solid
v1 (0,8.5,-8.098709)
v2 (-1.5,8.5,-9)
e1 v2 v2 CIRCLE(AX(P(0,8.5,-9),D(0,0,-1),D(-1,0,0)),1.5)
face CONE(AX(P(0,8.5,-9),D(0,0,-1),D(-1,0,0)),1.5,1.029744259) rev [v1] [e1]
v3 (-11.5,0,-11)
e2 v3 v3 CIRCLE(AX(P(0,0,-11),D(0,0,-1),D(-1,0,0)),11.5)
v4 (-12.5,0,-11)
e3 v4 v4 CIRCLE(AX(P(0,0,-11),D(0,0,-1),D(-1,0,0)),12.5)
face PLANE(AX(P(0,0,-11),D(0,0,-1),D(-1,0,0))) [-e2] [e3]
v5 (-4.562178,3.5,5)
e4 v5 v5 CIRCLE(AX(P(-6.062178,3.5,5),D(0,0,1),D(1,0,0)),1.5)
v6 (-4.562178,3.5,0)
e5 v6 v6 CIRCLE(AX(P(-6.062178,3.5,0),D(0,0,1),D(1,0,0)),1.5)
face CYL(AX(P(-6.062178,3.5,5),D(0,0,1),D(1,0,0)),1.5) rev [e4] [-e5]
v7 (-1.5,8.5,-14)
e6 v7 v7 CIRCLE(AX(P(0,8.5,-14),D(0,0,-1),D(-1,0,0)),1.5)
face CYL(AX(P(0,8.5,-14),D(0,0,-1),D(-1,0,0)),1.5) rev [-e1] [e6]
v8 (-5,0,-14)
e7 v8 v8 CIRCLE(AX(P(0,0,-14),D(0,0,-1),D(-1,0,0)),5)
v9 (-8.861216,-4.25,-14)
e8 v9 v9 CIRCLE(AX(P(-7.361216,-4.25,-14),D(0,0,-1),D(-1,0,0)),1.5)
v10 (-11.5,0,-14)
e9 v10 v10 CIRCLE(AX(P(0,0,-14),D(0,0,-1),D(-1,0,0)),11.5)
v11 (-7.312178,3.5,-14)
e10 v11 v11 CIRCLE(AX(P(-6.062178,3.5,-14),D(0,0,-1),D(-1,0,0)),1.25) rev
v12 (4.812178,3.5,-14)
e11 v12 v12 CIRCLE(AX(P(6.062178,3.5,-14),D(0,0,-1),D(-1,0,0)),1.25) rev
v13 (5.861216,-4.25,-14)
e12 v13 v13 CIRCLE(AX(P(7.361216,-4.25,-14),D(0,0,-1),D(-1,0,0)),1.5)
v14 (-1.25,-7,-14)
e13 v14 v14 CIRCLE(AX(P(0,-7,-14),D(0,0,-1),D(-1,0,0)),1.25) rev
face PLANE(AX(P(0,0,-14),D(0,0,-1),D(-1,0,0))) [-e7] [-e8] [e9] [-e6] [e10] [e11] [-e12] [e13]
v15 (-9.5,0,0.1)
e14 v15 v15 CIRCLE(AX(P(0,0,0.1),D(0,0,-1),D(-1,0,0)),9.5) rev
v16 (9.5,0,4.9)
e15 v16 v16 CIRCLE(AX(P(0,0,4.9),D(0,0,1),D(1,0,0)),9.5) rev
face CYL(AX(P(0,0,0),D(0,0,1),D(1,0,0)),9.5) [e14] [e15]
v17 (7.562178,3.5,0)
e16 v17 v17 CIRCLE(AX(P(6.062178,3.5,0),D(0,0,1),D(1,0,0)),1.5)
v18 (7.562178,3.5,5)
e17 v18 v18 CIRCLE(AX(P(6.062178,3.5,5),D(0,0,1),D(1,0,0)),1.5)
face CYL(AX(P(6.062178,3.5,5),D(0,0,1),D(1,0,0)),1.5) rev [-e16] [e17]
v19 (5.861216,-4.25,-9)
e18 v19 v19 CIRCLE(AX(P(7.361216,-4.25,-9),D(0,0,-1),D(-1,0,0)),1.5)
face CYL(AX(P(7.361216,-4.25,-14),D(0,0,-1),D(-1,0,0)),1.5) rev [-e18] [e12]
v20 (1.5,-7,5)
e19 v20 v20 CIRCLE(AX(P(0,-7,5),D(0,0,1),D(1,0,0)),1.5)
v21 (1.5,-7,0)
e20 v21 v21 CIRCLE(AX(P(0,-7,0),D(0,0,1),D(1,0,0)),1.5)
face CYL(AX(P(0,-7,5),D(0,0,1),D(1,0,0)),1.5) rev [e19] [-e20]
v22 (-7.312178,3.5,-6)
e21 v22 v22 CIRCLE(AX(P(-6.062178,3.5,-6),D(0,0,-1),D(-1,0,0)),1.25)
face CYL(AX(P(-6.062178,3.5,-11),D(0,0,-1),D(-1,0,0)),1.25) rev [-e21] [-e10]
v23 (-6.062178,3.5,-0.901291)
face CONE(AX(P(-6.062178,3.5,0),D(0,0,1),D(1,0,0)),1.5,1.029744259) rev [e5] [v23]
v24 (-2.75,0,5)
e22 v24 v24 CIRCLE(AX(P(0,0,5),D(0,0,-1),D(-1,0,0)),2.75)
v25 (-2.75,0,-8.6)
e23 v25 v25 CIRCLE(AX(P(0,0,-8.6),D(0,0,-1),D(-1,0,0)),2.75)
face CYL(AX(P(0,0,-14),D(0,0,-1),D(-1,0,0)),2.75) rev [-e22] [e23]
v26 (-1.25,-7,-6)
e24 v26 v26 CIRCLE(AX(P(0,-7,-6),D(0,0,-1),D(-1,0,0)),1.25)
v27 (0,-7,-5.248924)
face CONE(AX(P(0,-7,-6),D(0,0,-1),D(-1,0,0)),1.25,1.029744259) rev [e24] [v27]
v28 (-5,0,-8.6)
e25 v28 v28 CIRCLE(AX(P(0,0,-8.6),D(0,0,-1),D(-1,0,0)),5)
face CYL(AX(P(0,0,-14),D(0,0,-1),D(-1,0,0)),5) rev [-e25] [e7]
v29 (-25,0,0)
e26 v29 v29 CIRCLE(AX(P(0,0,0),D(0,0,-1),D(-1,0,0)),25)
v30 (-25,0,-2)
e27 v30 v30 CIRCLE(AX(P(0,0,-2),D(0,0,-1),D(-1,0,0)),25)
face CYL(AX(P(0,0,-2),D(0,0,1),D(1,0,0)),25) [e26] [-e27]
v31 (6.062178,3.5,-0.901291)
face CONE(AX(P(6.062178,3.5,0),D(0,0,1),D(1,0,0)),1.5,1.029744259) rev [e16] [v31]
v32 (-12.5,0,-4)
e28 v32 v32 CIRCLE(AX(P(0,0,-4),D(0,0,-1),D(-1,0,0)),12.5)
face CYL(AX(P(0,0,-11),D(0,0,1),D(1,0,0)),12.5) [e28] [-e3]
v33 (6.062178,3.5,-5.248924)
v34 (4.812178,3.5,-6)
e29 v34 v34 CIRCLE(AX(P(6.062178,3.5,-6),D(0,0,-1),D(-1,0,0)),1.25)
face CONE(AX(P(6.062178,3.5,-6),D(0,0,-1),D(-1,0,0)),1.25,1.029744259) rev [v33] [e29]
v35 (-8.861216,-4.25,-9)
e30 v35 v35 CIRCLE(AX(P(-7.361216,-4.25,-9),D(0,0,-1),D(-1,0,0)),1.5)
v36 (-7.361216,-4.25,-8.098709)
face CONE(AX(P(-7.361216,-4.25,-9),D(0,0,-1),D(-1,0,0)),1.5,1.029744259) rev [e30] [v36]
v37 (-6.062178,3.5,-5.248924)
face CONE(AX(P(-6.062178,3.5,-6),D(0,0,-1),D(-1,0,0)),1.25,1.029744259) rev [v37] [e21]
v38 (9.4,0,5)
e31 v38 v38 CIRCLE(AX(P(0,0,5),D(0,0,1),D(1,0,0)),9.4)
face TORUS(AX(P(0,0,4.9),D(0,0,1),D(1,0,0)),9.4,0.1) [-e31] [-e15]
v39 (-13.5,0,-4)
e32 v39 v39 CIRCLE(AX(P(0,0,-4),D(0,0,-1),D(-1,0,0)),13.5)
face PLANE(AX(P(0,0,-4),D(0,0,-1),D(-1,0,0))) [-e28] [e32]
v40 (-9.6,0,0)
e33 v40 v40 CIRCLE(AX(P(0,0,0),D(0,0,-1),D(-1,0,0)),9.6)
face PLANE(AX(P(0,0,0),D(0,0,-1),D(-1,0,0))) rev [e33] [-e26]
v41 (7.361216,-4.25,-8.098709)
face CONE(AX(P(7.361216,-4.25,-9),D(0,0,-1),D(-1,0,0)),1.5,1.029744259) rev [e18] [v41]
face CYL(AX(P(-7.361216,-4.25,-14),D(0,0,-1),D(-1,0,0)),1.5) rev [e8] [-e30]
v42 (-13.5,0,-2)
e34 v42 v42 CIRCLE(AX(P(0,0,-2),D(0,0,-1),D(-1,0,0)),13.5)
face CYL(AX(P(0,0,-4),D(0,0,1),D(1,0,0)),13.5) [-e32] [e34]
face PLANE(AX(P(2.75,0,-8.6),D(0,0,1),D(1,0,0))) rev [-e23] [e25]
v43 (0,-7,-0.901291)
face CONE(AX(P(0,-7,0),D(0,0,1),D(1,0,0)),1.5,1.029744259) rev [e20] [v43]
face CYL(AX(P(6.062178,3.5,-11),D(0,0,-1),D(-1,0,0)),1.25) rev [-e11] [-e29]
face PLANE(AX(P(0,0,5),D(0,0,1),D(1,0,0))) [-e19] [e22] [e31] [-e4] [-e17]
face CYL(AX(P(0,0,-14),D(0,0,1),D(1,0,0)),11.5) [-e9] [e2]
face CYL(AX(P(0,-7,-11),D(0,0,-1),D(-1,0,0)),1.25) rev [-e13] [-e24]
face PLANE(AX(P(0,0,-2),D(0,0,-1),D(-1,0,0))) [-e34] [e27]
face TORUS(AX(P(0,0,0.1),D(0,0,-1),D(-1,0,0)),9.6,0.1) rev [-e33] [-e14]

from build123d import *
from build123d.topology import SkipClean

# Parameters (mm, degrees)
SKETCH_2_R                   = 25
SKETCH_2_R_2                 = 10
EXTRUDE_2_DEPTH              = 2
SKETCH_35_R                  = 13.5
EXTRUDE_3_DEPTH              = 2
SKETCH_36_R                  = 12.5
EXTRUDE_4_DEPTH              = 7
HOLE_WIZARD_M3_1_D           = 3.4
HOLE_WIZARD_M3_1_CBORE_D     = 6.5
HOLE_WIZARD_M3_1_CBORE_DEPTH = 3.4
PATTERN_CIRCULAR_1_COUNT     = 3
PATTERN_CIRCULAR_2_COUNT     = 3
EXTRUDE_START                = 3
SKETCH_53_R                  = 11.5
SKETCH_53_R_2                = 1.25
SKETCH_53_R_3                = 3.25
EXTRUDE_5_DEPTH              = 3
EXTRUDE_START_2              = 7
SKETCH_61_R                  = 10
SKETCH_61_R_2                = 1.7
EXTRUDE_6_DEPTH              = 7
SKETCH_62_R                  = 10
SKETCH_62_R_2                = 9.5
CUT_EXTRUDE_1_DEPTH          = 5
FILLET_1_R                   = 0.1
PATTERN_CIRCULAR_3_COUNT     = 3
SKETCH_82_R                  = 3.25
EXTRUDE_7_DEPTH              = 19
HOLE_WIZARD_M5_1_D           = 5.5
HOLE_WIZARD_M5_1_CBORE_D     = 10
HOLE_WIZARD_M5_1_CBORE_DEPTH = 5.4
PATTERN_CIRCULAR_4_COUNT     = 3


with BuildPart() as part:
    # 스케치2 → 보스-돌출2 (new body)
    with BuildSketch(Plane(origin=(0, 6, 0), x_dir=(1, 0, 0), z_dir=(0, 0, -1))):
        with Locations(Location((0, 6, 0), (0, 0, 180))):
            Circle(SKETCH_2_R)
        with Locations(Location((0, 6, 0), (0, 0, 180))):
            Circle(SKETCH_2_R_2, mode=Mode.SUBTRACT)
    extrude(amount=EXTRUDE_2_DEPTH)

    # 스케치35 → 보스-돌출3 (add)
    with BuildSketch(Plane(origin=(0, 0, -2), x_dir=(-1, 0, 0), z_dir=(0, 0, -1))):
        Circle(SKETCH_35_R)
    extrude(amount=EXTRUDE_3_DEPTH)

    # 스케치36 → 보스-돌출4 (add)
    with BuildSketch(Plane(origin=(0, 0, -4), x_dir=(-1, 0, 0), z_dir=(0, 0, -1))):
        Circle(SKETCH_36_R)
    extrude(amount=EXTRUDE_4_DEPTH)

    # Hole Wizard M3 _ _ _ _ _ _1 (through all)
    with Locations(Plane(origin=(0, 0, -11), x_dir=(-1, 0, 0), z_dir=(0, 0, -1))):
        with Locations((0, 4)):
            hole_wizard_m3_1 = CounterBoreHole(HOLE_WIZARD_M3_1_D / 2, HOLE_WIZARD_M3_1_CBORE_D / 2, HOLE_WIZARD_M3_1_CBORE_DEPTH)

    # 원형 패턴1: Hole Wizard M3 _ _ _ _ _ _1 ×3 about axis
    pattern_circular_1_axis = Axis((0, 0, 0), (0, 0, 1))
    for i in range(1, PATTERN_CIRCULAR_1_COUNT):
        add(hole_wizard_m3_1.rotate(pattern_circular_1_axis, i * 360 / PATTERN_CIRCULAR_1_COUNT), mode=Mode.SUBTRACT)

    # 스케치52 → Hole Wizard M3 _ _ _ _1 2 (revolve, cut)
    with BuildSketch(Plane(origin=(0, -7, -11), x_dir=(0, 1, 0), z_dir=(1, 0, 0))):
        Polygon((0, 0), (0, 5.751075774), (1.25, 5), (1.25, 0), align=None)
    hole_wizard_m3_1_2 = revolve(axis=Axis((0, -7, -17.35), (0, 0, 1)), mode=Mode.SUBTRACT)

    # 원형 패턴2: Hole Wizard M3 _ _ _ _1 2 ×3 about axis
    pattern_circular_2_axis = Axis((0, 0, 0), (0, 0, 1))
    for i in range(1, PATTERN_CIRCULAR_2_COUNT):
        add(hole_wizard_m3_1_2.rotate(pattern_circular_2_axis, i * 360 / PATTERN_CIRCULAR_2_COUNT), mode=Mode.SUBTRACT)

    # 스케치53 → 보스-돌출5 (add)
    with SkipClean():  # the faces are left unmerged after this step: merging them gives an invalid solid
        with BuildSketch(Plane(origin=(0, 0, -11), x_dir=(-1, 0, 0), z_dir=(0, 0, -1)).offset(EXTRUDE_START)):
            Circle(SKETCH_53_R)
            with Locations((6.062177826, 3.5)):
                Circle(SKETCH_53_R_2, mode=Mode.SUBTRACT)
            with Locations((0, -7)):
                Circle(SKETCH_53_R_2, mode=Mode.SUBTRACT)
            with Locations((3.464101615, -2)):
                Circle(SKETCH_53_R_3, mode=Mode.SUBTRACT)
            with Locations((0, 4)):
                Circle(SKETCH_53_R_3, mode=Mode.SUBTRACT)
            with Locations((-3.464101615, -2)):
                Circle(SKETCH_53_R_3, mode=Mode.SUBTRACT)
            with Locations((-6.062177826, 3.5)):
                Circle(SKETCH_53_R_2, mode=Mode.SUBTRACT)
        extrude(amount=-EXTRUDE_5_DEPTH)

    # 스케치61 → 보스-돌출6 (add)
    with BuildSketch(Plane.XY.offset(-2).offset(EXTRUDE_START_2)):
        with Locations(Location((0, 0, 0), (0, 0, 180))):
            Circle(SKETCH_61_R)
        with Locations(Location((-3.464101615, -2, 0), (0, 0, 180))):
            Circle(SKETCH_61_R_2, mode=Mode.SUBTRACT)
        with Locations(Location((3.464101615, -2, 0), (0, 0, 180))):
            Circle(SKETCH_61_R_2, mode=Mode.SUBTRACT)
        with Locations(Location((0, 4, 0), (0, 0, 180))):
            Circle(SKETCH_61_R_2, mode=Mode.SUBTRACT)
    extrude(amount=-EXTRUDE_6_DEPTH)

    # 스케치62 → 컷-돌출1 (cut)
    with BuildSketch(Plane.XY.offset(5)):
        Circle(SKETCH_62_R)
        Circle(SKETCH_62_R_2, mode=Mode.SUBTRACT)
    extrude(amount=-CUT_EXTRUDE_1_DEPTH, mode=Mode.SUBTRACT)

    # 필렛1
    fillet_1_edges = [part.edges().sort_by_distance(p)[0] for p in [
        (-9.5, 0, 0),
        (-9.5, 0, 5),
    ]]
    fillet(fillet_1_edges, radius=FILLET_1_R)

    # 스케치67 → Ø3.0mm 맞춤핀 구멍1 (revolve, cut)
    with BuildSketch(Plane(origin=(0, -7, 5), x_dir=(0, -1, 0), z_dir=(1, 0, 0))):
        Polygon((0, 0), (0, 5.901290929), (1.5, 5), (1.5, 0), align=None)
    f_3_0mm_1 = revolve(axis=Axis((0, -7, 11.35), (0, 0, -1)), mode=Mode.SUBTRACT)

    # 원형 패턴3: Ø3.0mm 맞춤핀 구멍1 ×3 about axis
    pattern_circular_3_axis = Axis((0, 0, 0), (0, 0, 1))
    for i in range(1, PATTERN_CIRCULAR_3_COUNT):
        add(f_3_0mm_1.rotate(pattern_circular_3_axis, i * 360 / PATTERN_CIRCULAR_3_COUNT), mode=Mode.SUBTRACT)

    # 스케치82 → 보스-돌출7 (add)
    with SkipClean():  # the faces are left unmerged after this step: merging them gives an invalid solid
        with BuildSketch(Plane(origin=(0, 0, -14), x_dir=(-1, 0, 0), z_dir=(0, 0, -1))):
            with Locations((0, 4)):
                Circle(SKETCH_82_R)
            with Locations((-3.464101615, -2)):
                Circle(SKETCH_82_R)
            with Locations((3.464101615, -2)):
                Circle(SKETCH_82_R)
        extrude(amount=-EXTRUDE_7_DEPTH)

    # M5 육각 소켓 머리 캡 나사용 카운터보어1 (through all)
    with Locations(Plane(origin=(0, 0, -14), x_dir=(-1, 0, 0), z_dir=(0, 0, -1))):
        with Locations((0, 0)):
            CounterBoreHole(HOLE_WIZARD_M5_1_D / 2, HOLE_WIZARD_M5_1_CBORE_D / 2, HOLE_WIZARD_M5_1_CBORE_DEPTH)

    # 스케치89 → Ø3.0mm 맞춤핀 구멍2 (revolve, cut)
    with BuildSketch(Plane(origin=(0, 8.5, -14), x_dir=(0, 1, 0), z_dir=(1, 0, 0))):
        Polygon((0, 0), (0, 5.901290929), (1.5, 5), (1.5, 0), align=None)
    f_3_0mm_2 = revolve(axis=Axis((0, 8.5, -20.35), (0, 0, 1)), mode=Mode.SUBTRACT)

    # 원형 패턴4: Ø3.0mm 맞춤핀 구멍2 ×3 about axis
    pattern_circular_4_axis = Axis((0, 0, 0), (0, 0, 1))
    for i in range(1, PATTERN_CIRCULAR_4_COUNT):
        add(f_3_0mm_2.rotate(pattern_circular_4_axis, i * 360 / PATTERN_CIRCULAR_4_COUNT), mode=Mode.SUBTRACT)


solid = part.part
